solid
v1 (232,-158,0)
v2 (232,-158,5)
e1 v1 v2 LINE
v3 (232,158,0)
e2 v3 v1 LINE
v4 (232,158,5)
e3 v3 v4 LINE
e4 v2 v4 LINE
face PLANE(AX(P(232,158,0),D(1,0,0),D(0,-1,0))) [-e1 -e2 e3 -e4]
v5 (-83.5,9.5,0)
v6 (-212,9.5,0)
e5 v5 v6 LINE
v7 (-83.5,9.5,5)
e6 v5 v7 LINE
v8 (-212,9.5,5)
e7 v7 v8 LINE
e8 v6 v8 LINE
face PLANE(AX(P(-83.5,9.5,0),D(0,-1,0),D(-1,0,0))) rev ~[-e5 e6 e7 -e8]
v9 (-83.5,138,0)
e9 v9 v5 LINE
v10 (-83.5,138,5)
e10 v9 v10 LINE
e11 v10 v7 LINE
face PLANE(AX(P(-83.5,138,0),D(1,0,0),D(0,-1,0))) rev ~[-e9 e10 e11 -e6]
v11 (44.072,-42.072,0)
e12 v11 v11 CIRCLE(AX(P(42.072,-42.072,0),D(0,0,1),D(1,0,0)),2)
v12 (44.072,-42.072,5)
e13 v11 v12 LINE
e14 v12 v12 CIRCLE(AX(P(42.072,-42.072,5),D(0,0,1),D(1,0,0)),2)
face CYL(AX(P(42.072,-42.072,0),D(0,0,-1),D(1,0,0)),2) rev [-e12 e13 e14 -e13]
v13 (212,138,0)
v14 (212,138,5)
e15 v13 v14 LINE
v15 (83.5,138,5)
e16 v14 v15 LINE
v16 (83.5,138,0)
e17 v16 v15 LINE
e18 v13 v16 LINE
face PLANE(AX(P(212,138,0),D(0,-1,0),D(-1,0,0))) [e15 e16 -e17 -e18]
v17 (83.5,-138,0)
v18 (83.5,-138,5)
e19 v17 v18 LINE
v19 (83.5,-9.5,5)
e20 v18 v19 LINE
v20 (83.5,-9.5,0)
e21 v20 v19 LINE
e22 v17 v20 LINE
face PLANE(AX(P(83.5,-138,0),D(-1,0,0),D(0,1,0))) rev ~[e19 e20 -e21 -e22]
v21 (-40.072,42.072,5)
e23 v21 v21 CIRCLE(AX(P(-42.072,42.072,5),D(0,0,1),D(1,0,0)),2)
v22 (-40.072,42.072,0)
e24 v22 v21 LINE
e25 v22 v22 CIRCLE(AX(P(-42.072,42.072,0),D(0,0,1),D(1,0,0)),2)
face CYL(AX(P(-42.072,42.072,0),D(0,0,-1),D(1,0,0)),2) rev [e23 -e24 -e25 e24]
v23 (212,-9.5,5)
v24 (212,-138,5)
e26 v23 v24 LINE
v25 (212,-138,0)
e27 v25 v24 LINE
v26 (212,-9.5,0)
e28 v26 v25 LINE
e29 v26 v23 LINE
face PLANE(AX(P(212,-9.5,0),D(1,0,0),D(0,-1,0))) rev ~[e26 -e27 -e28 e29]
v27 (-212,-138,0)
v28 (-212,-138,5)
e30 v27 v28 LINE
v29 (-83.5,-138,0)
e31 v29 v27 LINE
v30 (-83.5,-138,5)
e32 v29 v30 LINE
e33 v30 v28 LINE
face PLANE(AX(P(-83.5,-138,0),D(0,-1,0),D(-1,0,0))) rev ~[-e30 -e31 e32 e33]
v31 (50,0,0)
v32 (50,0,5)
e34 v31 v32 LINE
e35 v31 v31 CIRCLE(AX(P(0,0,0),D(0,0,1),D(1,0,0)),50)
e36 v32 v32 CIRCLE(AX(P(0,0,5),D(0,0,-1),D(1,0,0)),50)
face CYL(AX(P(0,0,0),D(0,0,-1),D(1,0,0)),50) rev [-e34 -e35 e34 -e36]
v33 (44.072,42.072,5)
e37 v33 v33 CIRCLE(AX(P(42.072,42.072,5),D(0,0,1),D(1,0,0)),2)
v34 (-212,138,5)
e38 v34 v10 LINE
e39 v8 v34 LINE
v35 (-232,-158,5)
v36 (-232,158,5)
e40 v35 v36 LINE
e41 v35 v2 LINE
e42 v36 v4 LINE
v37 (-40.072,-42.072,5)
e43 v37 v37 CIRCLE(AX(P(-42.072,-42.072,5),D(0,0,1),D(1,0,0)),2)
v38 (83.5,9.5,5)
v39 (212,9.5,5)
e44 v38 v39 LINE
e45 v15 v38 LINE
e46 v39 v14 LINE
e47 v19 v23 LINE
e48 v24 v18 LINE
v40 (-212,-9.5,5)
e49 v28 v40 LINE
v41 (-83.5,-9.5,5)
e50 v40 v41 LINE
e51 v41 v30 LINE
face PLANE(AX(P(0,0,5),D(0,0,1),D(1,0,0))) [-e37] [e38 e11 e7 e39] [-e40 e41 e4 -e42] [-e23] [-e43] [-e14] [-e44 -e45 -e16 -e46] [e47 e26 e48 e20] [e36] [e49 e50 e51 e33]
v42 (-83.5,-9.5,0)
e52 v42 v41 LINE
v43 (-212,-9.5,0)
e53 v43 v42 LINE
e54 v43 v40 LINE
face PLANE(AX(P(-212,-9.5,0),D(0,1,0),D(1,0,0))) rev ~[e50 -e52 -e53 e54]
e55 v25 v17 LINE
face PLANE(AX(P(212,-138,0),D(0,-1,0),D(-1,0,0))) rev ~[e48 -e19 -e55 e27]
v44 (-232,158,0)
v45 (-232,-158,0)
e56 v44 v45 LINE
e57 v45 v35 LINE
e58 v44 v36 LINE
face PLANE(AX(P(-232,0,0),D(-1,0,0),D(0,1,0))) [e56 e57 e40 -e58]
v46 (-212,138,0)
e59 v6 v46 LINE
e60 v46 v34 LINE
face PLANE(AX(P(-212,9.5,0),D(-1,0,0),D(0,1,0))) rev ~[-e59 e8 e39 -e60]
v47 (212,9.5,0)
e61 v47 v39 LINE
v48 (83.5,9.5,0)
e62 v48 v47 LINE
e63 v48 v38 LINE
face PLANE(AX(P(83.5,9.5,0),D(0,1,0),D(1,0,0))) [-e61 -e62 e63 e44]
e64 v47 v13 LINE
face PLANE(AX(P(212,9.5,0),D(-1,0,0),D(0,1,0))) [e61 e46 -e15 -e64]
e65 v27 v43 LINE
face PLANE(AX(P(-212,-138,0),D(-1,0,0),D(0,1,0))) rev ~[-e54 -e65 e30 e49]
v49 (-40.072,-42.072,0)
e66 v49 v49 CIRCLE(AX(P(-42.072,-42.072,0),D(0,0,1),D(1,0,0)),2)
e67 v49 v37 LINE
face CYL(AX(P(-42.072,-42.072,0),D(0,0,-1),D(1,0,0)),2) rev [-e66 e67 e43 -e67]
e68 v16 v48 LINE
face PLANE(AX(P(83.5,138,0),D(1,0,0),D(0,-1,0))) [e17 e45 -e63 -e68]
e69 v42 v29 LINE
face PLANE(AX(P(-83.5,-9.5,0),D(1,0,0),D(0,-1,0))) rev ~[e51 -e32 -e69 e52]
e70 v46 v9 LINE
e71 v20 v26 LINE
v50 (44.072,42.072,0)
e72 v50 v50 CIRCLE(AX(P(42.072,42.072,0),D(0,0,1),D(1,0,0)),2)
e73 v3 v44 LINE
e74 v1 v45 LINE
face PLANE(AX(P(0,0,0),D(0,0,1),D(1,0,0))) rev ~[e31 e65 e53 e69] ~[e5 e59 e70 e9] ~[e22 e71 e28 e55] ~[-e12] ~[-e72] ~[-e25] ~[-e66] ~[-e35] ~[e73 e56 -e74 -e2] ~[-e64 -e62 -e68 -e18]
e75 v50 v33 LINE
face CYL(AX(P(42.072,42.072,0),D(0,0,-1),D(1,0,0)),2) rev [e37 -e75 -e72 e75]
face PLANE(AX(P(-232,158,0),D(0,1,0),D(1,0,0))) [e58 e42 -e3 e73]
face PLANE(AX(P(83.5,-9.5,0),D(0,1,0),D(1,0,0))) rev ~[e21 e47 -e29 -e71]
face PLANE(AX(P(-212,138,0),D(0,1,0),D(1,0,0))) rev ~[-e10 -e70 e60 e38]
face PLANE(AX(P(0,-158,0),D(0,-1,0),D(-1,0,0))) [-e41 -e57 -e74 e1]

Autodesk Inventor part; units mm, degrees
ref_plane "YZ Plane" through (0, 0, 0) normal (1, 0, 0) x (0, 1, 0)
ref_plane "XZ Plane" through (0, 0, 0) normal (0, 1, 0) x (-1, 0, 0)
ref_plane "XY Plane" through (0, 0, 0) normal (0, 0, 1) x (1, 0, 0)
sketch "스케치3" plane through (0, 0, 0) normal (0, 0, 1) x (1, 0, 0)
  line L0 (-232, 158) -> (232, 158)
  line L1 (232, 158) -> (232, -158)
  line L2 (232, -158) -> (-232, -158)
  line L3 (-232, -158) -> (-232, 158)
  line L4 (-212, -9.5) -> (-83.5, -9.5)
  line L5 (-83.5, -9.5) -> (-83.5, -138)
  line L6 (-83.5, -138) -> (-212, -138)
  line L7 (-212, -138) -> (-212, -9.5)
  line L8 (-212, 138) -> (-83.5, 138)
  line L9 (-83.5, 138) -> (-83.5, 9.5)
  line L10 (-83.5, 9.5) -> (-212, 9.5)
  line L11 (-212, 9.5) -> (-212, 138)
  line L12 (212, 138) -> (83.5, 138)
  line L13 (83.5, 138) -> (83.5, 9.5)
  line L14 (83.5, 9.5) -> (212, 9.5)
  line L15 (212, 9.5) -> (212, 138)
  line L16 (212, -138) -> (83.5, -138)
  line L17 (83.5, -138) -> (83.5, -9.5)
  line L18 (83.5, -9.5) -> (212, -9.5)
  line L19 (212, -9.5) -> (212, -138)
  circle A0 centre (-42.072, 42.072) radius 2
  circle A1 centre (42.072, 42.072) radius 2
  circle A2 centre (-42.072, -42.072) radius 2
  circle A3 centre (42.072, -42.072) radius 2
  line L20 (0, -221.2) -> (0, 221.2) projected
  line L21 (-324.8, 0) -> (324.8, 0) projected
  circle A4 centre (0, 0) radius 50
  point P0 (232, 0)
  point P1 (212, 73.75)
  dimension "d0" = 316
  dimension "d1" = 464
  dimension "d2" = 232
  dimension "d3" = 158
  dimension "d4" = 128.5
  dimension "d5" = 128.5
  dimension "d6" = 20
  dimension "d7" = 20
  dimension "d8" = 128.5
  dimension "d9" = 128.5
  dimension "d10" = 20
  dimension "d11" = 20
  dimension "d12" = 128.5
  dimension "d13" = 128.5
  dimension "d14" = 20
  dimension "d15" = 128.5
  dimension "d16" = 128.5
  dimension "d17" = 20
  dimension "d18" = 20
  dimension "d19" = 4
  dimension "d20" = 4
  dimension "d21" = 4
  dimension "d22" = 4
  dimension "d23" = 42.072
  dimension "d24" = 42.072
  dimension "d25" = 42.072
  dimension "d26" = 42.072
  dimension "d27" = 42.072
  dimension "d28" = 42.072
  dimension "d29" = 42.072
  dimension "d30" = 42.072
  dimension "d31" = 100
extrude "돌출1" add sketch "스케치3" along normal blind 5 contours L0 L20 A4 L21 L3 | L0 L1 L21 A4 L20 | L21 A4 L20 L2 L3 | L1 L2 L20 A4 L21
properties part number "가로세로"
